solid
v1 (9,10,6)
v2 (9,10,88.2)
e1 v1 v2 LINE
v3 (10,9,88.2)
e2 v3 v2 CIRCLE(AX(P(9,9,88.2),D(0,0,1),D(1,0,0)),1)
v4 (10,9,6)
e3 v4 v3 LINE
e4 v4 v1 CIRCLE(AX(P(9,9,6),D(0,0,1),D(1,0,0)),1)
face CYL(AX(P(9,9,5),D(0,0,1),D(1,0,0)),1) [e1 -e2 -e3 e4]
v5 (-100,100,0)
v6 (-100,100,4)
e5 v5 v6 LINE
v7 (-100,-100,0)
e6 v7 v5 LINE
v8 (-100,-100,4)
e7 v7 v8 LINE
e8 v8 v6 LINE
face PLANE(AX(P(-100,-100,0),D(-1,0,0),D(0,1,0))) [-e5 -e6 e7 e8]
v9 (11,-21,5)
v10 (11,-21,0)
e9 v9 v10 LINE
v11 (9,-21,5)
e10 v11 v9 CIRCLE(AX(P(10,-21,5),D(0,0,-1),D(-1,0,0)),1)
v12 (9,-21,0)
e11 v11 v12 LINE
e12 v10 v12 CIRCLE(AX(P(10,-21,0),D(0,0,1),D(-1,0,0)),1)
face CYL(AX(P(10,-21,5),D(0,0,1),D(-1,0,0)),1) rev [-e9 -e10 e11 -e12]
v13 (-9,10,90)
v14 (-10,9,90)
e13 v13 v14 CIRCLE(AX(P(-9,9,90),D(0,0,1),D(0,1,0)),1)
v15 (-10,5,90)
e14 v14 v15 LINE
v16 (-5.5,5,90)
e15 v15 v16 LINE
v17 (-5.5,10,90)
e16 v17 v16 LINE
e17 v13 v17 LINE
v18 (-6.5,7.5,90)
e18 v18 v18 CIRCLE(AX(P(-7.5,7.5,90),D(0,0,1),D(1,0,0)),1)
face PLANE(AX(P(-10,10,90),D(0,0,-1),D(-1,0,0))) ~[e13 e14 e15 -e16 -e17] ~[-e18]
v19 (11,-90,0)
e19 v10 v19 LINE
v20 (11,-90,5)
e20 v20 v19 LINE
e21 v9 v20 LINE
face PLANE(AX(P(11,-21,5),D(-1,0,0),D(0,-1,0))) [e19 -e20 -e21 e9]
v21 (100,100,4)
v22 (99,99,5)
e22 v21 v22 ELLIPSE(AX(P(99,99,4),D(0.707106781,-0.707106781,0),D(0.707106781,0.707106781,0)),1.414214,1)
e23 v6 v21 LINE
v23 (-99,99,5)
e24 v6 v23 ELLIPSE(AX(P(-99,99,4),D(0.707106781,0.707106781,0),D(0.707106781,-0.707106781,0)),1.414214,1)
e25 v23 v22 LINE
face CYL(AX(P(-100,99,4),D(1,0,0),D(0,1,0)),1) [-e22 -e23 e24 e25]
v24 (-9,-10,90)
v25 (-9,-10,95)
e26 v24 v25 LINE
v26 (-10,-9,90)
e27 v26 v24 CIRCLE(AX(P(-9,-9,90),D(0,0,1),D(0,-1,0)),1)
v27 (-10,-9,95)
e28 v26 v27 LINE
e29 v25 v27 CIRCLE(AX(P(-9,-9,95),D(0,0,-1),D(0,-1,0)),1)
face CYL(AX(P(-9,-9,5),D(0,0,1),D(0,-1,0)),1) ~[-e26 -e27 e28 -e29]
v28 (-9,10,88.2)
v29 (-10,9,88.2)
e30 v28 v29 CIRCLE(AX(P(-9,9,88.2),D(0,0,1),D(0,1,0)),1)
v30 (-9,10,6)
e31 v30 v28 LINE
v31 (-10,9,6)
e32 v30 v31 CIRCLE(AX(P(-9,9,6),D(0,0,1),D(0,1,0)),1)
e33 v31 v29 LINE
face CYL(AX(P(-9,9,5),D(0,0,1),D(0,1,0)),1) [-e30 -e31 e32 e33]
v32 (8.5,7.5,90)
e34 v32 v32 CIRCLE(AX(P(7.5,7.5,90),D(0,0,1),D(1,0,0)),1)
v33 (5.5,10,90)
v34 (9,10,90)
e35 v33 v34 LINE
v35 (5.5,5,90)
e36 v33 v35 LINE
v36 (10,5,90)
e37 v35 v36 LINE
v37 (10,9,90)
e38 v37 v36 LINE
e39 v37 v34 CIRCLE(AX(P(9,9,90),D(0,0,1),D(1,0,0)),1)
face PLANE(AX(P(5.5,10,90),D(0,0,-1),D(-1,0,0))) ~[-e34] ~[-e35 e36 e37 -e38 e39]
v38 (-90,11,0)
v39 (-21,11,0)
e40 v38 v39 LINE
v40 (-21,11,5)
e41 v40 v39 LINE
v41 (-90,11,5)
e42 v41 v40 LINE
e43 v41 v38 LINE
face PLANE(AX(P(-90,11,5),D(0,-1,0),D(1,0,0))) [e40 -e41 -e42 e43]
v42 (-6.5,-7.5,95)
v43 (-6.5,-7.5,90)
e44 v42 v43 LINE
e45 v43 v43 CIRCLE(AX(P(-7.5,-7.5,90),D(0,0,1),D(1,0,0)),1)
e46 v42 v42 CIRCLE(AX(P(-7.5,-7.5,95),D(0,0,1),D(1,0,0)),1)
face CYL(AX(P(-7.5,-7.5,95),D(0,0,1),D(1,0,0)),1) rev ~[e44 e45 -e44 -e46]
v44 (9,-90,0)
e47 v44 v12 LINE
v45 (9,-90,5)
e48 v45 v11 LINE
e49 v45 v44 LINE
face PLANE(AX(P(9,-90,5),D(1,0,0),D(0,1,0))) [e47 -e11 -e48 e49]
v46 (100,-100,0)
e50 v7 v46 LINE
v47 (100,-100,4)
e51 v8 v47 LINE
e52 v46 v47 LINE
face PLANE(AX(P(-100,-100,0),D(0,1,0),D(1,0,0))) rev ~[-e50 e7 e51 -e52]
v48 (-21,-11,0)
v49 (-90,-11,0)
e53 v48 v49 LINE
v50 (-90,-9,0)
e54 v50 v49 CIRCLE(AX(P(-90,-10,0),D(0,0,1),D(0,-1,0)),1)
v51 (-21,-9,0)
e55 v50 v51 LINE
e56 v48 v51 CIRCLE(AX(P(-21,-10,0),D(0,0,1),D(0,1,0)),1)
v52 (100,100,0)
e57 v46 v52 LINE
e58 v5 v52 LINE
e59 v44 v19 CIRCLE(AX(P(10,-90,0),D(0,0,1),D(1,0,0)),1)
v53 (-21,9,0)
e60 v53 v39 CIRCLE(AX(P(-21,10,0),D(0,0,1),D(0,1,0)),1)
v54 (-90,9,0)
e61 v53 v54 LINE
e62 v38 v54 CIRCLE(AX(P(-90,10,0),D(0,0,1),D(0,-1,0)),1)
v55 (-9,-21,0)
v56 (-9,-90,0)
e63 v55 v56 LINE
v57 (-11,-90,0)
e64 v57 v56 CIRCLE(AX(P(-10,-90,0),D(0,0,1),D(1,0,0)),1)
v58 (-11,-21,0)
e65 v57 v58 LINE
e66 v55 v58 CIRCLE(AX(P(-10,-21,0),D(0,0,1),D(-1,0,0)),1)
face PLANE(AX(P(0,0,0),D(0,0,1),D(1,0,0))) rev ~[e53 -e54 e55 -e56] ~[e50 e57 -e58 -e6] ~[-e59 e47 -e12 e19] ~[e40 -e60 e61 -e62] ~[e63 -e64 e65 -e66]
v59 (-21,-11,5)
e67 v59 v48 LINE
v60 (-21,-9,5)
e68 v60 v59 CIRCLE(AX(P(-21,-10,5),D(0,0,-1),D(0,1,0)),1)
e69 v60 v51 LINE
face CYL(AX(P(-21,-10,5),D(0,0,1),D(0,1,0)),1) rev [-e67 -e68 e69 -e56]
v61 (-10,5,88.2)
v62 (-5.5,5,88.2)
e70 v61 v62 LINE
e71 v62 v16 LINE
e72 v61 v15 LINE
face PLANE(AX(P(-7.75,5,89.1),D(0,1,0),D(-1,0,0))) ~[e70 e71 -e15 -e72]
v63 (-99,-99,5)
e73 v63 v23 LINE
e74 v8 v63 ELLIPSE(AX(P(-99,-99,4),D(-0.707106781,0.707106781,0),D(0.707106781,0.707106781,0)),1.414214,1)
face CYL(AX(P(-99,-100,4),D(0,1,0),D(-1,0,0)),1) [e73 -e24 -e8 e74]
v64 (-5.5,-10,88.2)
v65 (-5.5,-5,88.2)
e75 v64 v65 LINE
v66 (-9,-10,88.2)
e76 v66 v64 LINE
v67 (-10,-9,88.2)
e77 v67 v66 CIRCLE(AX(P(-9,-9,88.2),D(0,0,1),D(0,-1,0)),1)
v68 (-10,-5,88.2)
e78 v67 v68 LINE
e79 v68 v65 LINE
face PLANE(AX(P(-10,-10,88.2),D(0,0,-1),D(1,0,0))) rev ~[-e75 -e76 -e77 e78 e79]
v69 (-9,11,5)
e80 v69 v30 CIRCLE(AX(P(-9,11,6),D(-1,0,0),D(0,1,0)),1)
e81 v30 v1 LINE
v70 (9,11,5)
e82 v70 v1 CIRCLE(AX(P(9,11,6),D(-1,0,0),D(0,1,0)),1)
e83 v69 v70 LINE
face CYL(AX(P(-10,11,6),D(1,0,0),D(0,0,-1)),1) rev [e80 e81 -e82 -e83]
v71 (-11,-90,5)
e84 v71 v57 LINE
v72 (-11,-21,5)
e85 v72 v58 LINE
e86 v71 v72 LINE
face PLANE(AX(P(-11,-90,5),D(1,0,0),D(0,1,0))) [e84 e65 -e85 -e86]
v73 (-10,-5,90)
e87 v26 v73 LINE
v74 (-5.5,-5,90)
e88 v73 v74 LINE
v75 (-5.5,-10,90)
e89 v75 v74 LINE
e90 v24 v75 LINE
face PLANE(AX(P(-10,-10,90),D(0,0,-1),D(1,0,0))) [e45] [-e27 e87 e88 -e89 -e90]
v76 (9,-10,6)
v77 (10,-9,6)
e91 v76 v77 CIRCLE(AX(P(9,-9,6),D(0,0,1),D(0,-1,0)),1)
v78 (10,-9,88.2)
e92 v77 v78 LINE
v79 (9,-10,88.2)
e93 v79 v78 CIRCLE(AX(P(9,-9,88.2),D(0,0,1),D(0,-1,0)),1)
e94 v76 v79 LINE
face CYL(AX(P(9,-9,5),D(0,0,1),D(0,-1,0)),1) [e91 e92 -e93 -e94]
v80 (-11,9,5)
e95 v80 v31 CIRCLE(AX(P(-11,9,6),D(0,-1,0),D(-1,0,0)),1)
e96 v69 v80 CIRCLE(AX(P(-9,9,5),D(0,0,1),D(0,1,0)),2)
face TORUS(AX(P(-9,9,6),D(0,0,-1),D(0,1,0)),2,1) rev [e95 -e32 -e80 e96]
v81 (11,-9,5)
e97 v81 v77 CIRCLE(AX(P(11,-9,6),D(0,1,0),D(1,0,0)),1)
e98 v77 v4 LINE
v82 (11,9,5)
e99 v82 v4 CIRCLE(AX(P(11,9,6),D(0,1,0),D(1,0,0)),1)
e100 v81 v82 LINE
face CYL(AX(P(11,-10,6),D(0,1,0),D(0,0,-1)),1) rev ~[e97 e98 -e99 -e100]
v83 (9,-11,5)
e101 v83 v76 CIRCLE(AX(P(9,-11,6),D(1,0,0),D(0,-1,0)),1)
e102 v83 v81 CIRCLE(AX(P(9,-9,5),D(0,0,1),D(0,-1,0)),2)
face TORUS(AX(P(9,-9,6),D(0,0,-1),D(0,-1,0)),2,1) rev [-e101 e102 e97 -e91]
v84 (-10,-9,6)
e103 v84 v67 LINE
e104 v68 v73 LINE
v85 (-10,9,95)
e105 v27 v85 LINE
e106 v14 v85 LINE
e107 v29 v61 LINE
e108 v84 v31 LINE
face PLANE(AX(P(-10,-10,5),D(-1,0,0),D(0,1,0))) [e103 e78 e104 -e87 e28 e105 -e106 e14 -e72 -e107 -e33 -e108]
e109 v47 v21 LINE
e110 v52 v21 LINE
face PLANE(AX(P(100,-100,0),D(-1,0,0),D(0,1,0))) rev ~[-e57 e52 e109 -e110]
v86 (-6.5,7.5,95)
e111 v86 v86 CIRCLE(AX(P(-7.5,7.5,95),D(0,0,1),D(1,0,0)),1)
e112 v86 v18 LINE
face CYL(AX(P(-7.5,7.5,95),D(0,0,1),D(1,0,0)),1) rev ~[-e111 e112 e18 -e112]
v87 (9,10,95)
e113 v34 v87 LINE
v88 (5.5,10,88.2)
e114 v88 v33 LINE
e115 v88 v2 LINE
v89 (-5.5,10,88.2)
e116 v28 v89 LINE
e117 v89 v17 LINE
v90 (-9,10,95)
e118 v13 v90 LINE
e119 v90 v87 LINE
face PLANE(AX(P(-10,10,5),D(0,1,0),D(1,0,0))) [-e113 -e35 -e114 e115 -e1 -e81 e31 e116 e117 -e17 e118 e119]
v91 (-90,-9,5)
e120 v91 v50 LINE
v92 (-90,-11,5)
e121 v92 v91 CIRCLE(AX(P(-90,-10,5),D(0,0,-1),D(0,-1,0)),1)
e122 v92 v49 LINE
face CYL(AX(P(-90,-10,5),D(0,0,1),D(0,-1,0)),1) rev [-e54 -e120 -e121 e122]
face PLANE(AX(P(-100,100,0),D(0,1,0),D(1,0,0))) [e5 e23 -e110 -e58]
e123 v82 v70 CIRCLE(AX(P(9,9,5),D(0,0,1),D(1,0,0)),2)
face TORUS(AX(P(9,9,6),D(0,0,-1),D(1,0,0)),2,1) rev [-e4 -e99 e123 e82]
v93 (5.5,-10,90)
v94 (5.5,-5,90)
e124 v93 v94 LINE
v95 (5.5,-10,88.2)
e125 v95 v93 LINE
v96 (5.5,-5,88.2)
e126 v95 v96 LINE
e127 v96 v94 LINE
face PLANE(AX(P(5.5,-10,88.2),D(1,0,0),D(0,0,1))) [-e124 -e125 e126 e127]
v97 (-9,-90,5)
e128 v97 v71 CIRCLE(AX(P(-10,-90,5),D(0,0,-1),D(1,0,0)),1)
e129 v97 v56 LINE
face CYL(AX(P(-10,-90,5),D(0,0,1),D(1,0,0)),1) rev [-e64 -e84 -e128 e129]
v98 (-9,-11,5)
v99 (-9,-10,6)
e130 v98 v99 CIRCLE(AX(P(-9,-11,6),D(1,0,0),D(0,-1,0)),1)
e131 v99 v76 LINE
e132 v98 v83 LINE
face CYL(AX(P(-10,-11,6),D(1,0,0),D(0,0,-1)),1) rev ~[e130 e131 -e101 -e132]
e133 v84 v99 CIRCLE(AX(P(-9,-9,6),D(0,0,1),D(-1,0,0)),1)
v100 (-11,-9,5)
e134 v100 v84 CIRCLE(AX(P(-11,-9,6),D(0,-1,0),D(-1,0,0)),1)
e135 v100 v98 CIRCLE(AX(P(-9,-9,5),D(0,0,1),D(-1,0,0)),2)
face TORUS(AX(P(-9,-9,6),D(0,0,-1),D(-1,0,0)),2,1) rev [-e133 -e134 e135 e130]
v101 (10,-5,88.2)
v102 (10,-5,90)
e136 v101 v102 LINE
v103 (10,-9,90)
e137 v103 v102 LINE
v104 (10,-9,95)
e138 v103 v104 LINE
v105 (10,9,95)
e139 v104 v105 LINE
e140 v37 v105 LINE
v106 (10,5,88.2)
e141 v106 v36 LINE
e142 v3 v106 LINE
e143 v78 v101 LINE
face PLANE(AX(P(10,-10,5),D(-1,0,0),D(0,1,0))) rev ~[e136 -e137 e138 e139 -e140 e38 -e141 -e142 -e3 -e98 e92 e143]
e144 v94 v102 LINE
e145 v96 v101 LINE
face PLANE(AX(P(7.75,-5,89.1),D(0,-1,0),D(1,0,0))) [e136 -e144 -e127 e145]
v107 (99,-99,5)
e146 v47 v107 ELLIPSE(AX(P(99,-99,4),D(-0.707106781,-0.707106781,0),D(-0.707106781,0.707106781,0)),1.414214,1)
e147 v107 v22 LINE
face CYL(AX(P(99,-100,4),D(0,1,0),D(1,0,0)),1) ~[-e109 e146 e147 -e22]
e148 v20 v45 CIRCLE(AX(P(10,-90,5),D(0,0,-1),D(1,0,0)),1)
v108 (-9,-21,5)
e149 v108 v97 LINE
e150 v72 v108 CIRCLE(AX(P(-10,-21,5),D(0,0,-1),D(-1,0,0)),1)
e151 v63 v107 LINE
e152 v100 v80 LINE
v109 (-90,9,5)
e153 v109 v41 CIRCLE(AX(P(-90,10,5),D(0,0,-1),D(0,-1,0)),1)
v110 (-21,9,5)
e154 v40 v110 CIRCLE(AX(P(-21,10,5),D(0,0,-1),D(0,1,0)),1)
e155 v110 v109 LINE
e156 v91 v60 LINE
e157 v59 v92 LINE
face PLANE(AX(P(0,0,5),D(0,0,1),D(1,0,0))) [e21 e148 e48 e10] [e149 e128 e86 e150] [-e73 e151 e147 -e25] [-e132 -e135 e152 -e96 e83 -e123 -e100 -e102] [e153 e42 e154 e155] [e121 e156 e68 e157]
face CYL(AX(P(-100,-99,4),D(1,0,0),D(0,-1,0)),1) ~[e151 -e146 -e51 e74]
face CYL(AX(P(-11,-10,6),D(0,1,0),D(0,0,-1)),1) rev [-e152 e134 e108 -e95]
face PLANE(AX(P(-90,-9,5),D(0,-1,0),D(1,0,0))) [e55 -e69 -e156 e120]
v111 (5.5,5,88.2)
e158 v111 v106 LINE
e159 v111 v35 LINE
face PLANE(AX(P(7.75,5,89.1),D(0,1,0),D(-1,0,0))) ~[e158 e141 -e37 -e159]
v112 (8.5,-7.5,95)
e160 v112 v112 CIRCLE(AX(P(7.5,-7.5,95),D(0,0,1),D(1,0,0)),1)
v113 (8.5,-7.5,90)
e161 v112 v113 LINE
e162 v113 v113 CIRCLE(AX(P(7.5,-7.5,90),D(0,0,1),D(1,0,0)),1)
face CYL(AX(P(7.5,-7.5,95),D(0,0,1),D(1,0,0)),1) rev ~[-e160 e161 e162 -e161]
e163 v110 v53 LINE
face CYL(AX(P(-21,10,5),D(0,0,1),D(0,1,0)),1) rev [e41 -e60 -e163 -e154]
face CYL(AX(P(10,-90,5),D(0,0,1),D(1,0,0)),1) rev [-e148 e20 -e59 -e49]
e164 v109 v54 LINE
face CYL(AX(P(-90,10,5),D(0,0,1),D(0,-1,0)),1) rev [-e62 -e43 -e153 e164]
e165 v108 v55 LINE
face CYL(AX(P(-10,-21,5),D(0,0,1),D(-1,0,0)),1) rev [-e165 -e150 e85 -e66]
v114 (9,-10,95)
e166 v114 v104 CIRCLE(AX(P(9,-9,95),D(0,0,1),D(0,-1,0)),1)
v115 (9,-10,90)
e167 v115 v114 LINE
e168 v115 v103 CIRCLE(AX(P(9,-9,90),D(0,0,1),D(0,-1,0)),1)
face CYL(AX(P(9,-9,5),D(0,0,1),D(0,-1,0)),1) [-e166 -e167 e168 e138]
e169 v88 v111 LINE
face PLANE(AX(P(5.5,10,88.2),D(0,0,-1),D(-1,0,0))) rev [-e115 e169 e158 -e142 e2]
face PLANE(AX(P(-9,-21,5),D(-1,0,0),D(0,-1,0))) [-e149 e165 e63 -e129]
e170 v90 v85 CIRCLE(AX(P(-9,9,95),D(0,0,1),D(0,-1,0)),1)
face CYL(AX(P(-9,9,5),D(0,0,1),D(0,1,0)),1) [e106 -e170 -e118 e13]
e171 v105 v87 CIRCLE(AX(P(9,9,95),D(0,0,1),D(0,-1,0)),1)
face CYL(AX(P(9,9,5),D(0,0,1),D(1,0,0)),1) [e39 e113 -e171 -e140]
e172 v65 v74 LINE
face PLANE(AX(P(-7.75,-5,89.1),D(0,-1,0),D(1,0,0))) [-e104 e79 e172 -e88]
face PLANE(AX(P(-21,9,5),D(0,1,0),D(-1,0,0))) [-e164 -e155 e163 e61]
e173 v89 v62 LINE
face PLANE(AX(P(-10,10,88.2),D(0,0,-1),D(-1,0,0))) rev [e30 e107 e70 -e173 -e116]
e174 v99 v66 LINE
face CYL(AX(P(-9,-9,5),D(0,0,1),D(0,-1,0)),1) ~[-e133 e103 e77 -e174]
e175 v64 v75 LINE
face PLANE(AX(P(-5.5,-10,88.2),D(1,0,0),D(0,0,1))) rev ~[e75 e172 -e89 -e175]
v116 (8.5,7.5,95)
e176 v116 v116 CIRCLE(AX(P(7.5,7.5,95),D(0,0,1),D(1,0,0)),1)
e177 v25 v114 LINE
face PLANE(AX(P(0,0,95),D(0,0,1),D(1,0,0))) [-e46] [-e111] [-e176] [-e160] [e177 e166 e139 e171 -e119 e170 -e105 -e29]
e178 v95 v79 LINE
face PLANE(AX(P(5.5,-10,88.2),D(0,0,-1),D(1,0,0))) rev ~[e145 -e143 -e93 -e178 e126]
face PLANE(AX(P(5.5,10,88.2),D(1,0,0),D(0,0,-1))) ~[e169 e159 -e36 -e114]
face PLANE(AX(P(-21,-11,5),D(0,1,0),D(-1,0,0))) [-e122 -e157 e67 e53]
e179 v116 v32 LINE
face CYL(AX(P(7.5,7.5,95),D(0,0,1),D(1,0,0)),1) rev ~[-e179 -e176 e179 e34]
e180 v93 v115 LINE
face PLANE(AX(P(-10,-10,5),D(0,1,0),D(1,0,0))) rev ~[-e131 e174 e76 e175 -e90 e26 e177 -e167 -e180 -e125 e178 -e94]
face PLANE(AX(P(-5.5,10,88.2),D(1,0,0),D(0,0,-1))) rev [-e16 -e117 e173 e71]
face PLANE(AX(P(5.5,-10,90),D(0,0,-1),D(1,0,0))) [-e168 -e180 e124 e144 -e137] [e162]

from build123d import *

# Parameters (mm, degrees)
ESQUISSE1_W             = 200
ESQUISSE1_H             = 200
BOSS_EXTRU_1_DEPTH      = 5
CONG_1_R                = 1
ESQUISSE4_W             = 20
ESQUISSE4_H             = 20
BOSS_EXTRU_4_DEPTH      = 90
CONG_3_R                = 1
ESQUISSE5_R             = 1
ENL_V_MAT_EXTRU_1_DEPTH = 5
ESQUISSE6_W             = 4.5
ESQUISSE6_H             = 1.8
ENL_V_MAT_EXTRU_2_DEPTH = 5
ENL_V_MAT_EXTRU_3_DEPTH = 6


with BuildPart() as part:
    # Esquisse1 → Boss.-Extru.1 (new body)
    with BuildSketch(Plane.XY):
        Rectangle(ESQUISSE1_W, ESQUISSE1_H)
    extrude(amount=BOSS_EXTRU_1_DEPTH)

    # Congé1
    cong_1_edges = [part.edges().sort_by_distance(p)[0] for p in [
        (100, 0, 5),
        (0, 100, 5),
        (-100, 0, 5),
        (0, -100, 5),
    ]]
    fillet(cong_1_edges, radius=CONG_1_R)

    # Esquisse4 → Boss.-Extru.4 (add)
    with BuildSketch(Plane.XY.offset(5)):
        Rectangle(ESQUISSE4_W, ESQUISSE4_H)
    extrude(amount=BOSS_EXTRU_4_DEPTH)

    # Congé3
    cong_3_edges = [part.edges().sort_by_distance(p)[0] for p in [
        (-10, 0, 5),
        (-10, 10, 50),
        (0, -10, 5),
        (-10, -10, 50),
        (10, 0, 5),
        (10, -10, 50),
        (0, 10, 5),
        (10, 10, 50),
    ]]
    fillet(cong_3_edges, radius=CONG_3_R)

    # Esquisse5 → Enlèv. mat.-Extru.1 (cut)
    with BuildSketch(Plane.XY.offset(95)):
        with Locations((7.5, 7.5)):
            Circle(ESQUISSE5_R)
        with Locations((-7.5, 7.5)):
            Circle(ESQUISSE5_R)
        with Locations((-7.5, -7.5)):
            Circle(ESQUISSE5_R)
        with Locations((7.5, -7.5)):
            Circle(ESQUISSE5_R)
    enl_v_mat_extru_1 = extrude(amount=-ENL_V_MAT_EXTRU_1_DEPTH, mode=Mode.SUBTRACT)

    # Esquisse6 → Enlèv. mat.-Extru.2 (cut)
    with BuildSketch(Plane.XZ.offset(10)):
        with Locations((-7.75, 89.1)):
            Rectangle(ESQUISSE6_W, ESQUISSE6_H)
        with Locations((7.75, 89.1)):
            Rectangle(ESQUISSE6_W, ESQUISSE6_H)
    enl_v_mat_extru_2 = extrude(amount=-ENL_V_MAT_EXTRU_2_DEPTH, mode=Mode.SUBTRACT)

    # Symétrie1: Enlèv. mat.-Extru.1, Enlèv. mat.-Extru.2 across plane
    add(enl_v_mat_extru_1.mirror(Plane.ZX), mode=Mode.SUBTRACT)
    add(enl_v_mat_extru_2.mirror(Plane.ZX), mode=Mode.SUBTRACT)

    # Esquisse7 → Enlèv. mat.-Extru.3 (cut, through all)
    with BuildSketch(Plane.XY.offset(5)):
        with BuildLine():
            Line((11, -21), (11, -90))
            ThreePointArc((11, -90), (10, -91), (9, -90))
            Line((9, -90), (9, -21))
            ThreePointArc((9, -21), (10, -20), (11, -21))
        make_face()
        with BuildLine():
            Line((-9, -21), (-9, -90))
            ThreePointArc((-9, -90), (-10, -91), (-11, -90))
            Line((-11, -90), (-11, -21))
            ThreePointArc((-11, -21), (-10, -20), (-9, -21))
        make_face()
        with BuildLine():
            Line((-21, -11), (-90, -11))
            ThreePointArc((-90, -11), (-91, -10), (-90, -9))
            Line((-90, -9), (-21, -9))
            ThreePointArc((-21, -9), (-20, -10), (-21, -11))
        make_face()
        with BuildLine():
            Line((-21, 9), (-90, 9))
            ThreePointArc((-90, 9), (-91, 10), (-90, 11))
            Line((-90, 11), (-21, 11))
            ThreePointArc((-21, 11), (-20, 10), (-21, 9))
        make_face()
    extrude(amount=-ENL_V_MAT_EXTRU_3_DEPTH, mode=Mode.SUBTRACT)


solid = part.part
